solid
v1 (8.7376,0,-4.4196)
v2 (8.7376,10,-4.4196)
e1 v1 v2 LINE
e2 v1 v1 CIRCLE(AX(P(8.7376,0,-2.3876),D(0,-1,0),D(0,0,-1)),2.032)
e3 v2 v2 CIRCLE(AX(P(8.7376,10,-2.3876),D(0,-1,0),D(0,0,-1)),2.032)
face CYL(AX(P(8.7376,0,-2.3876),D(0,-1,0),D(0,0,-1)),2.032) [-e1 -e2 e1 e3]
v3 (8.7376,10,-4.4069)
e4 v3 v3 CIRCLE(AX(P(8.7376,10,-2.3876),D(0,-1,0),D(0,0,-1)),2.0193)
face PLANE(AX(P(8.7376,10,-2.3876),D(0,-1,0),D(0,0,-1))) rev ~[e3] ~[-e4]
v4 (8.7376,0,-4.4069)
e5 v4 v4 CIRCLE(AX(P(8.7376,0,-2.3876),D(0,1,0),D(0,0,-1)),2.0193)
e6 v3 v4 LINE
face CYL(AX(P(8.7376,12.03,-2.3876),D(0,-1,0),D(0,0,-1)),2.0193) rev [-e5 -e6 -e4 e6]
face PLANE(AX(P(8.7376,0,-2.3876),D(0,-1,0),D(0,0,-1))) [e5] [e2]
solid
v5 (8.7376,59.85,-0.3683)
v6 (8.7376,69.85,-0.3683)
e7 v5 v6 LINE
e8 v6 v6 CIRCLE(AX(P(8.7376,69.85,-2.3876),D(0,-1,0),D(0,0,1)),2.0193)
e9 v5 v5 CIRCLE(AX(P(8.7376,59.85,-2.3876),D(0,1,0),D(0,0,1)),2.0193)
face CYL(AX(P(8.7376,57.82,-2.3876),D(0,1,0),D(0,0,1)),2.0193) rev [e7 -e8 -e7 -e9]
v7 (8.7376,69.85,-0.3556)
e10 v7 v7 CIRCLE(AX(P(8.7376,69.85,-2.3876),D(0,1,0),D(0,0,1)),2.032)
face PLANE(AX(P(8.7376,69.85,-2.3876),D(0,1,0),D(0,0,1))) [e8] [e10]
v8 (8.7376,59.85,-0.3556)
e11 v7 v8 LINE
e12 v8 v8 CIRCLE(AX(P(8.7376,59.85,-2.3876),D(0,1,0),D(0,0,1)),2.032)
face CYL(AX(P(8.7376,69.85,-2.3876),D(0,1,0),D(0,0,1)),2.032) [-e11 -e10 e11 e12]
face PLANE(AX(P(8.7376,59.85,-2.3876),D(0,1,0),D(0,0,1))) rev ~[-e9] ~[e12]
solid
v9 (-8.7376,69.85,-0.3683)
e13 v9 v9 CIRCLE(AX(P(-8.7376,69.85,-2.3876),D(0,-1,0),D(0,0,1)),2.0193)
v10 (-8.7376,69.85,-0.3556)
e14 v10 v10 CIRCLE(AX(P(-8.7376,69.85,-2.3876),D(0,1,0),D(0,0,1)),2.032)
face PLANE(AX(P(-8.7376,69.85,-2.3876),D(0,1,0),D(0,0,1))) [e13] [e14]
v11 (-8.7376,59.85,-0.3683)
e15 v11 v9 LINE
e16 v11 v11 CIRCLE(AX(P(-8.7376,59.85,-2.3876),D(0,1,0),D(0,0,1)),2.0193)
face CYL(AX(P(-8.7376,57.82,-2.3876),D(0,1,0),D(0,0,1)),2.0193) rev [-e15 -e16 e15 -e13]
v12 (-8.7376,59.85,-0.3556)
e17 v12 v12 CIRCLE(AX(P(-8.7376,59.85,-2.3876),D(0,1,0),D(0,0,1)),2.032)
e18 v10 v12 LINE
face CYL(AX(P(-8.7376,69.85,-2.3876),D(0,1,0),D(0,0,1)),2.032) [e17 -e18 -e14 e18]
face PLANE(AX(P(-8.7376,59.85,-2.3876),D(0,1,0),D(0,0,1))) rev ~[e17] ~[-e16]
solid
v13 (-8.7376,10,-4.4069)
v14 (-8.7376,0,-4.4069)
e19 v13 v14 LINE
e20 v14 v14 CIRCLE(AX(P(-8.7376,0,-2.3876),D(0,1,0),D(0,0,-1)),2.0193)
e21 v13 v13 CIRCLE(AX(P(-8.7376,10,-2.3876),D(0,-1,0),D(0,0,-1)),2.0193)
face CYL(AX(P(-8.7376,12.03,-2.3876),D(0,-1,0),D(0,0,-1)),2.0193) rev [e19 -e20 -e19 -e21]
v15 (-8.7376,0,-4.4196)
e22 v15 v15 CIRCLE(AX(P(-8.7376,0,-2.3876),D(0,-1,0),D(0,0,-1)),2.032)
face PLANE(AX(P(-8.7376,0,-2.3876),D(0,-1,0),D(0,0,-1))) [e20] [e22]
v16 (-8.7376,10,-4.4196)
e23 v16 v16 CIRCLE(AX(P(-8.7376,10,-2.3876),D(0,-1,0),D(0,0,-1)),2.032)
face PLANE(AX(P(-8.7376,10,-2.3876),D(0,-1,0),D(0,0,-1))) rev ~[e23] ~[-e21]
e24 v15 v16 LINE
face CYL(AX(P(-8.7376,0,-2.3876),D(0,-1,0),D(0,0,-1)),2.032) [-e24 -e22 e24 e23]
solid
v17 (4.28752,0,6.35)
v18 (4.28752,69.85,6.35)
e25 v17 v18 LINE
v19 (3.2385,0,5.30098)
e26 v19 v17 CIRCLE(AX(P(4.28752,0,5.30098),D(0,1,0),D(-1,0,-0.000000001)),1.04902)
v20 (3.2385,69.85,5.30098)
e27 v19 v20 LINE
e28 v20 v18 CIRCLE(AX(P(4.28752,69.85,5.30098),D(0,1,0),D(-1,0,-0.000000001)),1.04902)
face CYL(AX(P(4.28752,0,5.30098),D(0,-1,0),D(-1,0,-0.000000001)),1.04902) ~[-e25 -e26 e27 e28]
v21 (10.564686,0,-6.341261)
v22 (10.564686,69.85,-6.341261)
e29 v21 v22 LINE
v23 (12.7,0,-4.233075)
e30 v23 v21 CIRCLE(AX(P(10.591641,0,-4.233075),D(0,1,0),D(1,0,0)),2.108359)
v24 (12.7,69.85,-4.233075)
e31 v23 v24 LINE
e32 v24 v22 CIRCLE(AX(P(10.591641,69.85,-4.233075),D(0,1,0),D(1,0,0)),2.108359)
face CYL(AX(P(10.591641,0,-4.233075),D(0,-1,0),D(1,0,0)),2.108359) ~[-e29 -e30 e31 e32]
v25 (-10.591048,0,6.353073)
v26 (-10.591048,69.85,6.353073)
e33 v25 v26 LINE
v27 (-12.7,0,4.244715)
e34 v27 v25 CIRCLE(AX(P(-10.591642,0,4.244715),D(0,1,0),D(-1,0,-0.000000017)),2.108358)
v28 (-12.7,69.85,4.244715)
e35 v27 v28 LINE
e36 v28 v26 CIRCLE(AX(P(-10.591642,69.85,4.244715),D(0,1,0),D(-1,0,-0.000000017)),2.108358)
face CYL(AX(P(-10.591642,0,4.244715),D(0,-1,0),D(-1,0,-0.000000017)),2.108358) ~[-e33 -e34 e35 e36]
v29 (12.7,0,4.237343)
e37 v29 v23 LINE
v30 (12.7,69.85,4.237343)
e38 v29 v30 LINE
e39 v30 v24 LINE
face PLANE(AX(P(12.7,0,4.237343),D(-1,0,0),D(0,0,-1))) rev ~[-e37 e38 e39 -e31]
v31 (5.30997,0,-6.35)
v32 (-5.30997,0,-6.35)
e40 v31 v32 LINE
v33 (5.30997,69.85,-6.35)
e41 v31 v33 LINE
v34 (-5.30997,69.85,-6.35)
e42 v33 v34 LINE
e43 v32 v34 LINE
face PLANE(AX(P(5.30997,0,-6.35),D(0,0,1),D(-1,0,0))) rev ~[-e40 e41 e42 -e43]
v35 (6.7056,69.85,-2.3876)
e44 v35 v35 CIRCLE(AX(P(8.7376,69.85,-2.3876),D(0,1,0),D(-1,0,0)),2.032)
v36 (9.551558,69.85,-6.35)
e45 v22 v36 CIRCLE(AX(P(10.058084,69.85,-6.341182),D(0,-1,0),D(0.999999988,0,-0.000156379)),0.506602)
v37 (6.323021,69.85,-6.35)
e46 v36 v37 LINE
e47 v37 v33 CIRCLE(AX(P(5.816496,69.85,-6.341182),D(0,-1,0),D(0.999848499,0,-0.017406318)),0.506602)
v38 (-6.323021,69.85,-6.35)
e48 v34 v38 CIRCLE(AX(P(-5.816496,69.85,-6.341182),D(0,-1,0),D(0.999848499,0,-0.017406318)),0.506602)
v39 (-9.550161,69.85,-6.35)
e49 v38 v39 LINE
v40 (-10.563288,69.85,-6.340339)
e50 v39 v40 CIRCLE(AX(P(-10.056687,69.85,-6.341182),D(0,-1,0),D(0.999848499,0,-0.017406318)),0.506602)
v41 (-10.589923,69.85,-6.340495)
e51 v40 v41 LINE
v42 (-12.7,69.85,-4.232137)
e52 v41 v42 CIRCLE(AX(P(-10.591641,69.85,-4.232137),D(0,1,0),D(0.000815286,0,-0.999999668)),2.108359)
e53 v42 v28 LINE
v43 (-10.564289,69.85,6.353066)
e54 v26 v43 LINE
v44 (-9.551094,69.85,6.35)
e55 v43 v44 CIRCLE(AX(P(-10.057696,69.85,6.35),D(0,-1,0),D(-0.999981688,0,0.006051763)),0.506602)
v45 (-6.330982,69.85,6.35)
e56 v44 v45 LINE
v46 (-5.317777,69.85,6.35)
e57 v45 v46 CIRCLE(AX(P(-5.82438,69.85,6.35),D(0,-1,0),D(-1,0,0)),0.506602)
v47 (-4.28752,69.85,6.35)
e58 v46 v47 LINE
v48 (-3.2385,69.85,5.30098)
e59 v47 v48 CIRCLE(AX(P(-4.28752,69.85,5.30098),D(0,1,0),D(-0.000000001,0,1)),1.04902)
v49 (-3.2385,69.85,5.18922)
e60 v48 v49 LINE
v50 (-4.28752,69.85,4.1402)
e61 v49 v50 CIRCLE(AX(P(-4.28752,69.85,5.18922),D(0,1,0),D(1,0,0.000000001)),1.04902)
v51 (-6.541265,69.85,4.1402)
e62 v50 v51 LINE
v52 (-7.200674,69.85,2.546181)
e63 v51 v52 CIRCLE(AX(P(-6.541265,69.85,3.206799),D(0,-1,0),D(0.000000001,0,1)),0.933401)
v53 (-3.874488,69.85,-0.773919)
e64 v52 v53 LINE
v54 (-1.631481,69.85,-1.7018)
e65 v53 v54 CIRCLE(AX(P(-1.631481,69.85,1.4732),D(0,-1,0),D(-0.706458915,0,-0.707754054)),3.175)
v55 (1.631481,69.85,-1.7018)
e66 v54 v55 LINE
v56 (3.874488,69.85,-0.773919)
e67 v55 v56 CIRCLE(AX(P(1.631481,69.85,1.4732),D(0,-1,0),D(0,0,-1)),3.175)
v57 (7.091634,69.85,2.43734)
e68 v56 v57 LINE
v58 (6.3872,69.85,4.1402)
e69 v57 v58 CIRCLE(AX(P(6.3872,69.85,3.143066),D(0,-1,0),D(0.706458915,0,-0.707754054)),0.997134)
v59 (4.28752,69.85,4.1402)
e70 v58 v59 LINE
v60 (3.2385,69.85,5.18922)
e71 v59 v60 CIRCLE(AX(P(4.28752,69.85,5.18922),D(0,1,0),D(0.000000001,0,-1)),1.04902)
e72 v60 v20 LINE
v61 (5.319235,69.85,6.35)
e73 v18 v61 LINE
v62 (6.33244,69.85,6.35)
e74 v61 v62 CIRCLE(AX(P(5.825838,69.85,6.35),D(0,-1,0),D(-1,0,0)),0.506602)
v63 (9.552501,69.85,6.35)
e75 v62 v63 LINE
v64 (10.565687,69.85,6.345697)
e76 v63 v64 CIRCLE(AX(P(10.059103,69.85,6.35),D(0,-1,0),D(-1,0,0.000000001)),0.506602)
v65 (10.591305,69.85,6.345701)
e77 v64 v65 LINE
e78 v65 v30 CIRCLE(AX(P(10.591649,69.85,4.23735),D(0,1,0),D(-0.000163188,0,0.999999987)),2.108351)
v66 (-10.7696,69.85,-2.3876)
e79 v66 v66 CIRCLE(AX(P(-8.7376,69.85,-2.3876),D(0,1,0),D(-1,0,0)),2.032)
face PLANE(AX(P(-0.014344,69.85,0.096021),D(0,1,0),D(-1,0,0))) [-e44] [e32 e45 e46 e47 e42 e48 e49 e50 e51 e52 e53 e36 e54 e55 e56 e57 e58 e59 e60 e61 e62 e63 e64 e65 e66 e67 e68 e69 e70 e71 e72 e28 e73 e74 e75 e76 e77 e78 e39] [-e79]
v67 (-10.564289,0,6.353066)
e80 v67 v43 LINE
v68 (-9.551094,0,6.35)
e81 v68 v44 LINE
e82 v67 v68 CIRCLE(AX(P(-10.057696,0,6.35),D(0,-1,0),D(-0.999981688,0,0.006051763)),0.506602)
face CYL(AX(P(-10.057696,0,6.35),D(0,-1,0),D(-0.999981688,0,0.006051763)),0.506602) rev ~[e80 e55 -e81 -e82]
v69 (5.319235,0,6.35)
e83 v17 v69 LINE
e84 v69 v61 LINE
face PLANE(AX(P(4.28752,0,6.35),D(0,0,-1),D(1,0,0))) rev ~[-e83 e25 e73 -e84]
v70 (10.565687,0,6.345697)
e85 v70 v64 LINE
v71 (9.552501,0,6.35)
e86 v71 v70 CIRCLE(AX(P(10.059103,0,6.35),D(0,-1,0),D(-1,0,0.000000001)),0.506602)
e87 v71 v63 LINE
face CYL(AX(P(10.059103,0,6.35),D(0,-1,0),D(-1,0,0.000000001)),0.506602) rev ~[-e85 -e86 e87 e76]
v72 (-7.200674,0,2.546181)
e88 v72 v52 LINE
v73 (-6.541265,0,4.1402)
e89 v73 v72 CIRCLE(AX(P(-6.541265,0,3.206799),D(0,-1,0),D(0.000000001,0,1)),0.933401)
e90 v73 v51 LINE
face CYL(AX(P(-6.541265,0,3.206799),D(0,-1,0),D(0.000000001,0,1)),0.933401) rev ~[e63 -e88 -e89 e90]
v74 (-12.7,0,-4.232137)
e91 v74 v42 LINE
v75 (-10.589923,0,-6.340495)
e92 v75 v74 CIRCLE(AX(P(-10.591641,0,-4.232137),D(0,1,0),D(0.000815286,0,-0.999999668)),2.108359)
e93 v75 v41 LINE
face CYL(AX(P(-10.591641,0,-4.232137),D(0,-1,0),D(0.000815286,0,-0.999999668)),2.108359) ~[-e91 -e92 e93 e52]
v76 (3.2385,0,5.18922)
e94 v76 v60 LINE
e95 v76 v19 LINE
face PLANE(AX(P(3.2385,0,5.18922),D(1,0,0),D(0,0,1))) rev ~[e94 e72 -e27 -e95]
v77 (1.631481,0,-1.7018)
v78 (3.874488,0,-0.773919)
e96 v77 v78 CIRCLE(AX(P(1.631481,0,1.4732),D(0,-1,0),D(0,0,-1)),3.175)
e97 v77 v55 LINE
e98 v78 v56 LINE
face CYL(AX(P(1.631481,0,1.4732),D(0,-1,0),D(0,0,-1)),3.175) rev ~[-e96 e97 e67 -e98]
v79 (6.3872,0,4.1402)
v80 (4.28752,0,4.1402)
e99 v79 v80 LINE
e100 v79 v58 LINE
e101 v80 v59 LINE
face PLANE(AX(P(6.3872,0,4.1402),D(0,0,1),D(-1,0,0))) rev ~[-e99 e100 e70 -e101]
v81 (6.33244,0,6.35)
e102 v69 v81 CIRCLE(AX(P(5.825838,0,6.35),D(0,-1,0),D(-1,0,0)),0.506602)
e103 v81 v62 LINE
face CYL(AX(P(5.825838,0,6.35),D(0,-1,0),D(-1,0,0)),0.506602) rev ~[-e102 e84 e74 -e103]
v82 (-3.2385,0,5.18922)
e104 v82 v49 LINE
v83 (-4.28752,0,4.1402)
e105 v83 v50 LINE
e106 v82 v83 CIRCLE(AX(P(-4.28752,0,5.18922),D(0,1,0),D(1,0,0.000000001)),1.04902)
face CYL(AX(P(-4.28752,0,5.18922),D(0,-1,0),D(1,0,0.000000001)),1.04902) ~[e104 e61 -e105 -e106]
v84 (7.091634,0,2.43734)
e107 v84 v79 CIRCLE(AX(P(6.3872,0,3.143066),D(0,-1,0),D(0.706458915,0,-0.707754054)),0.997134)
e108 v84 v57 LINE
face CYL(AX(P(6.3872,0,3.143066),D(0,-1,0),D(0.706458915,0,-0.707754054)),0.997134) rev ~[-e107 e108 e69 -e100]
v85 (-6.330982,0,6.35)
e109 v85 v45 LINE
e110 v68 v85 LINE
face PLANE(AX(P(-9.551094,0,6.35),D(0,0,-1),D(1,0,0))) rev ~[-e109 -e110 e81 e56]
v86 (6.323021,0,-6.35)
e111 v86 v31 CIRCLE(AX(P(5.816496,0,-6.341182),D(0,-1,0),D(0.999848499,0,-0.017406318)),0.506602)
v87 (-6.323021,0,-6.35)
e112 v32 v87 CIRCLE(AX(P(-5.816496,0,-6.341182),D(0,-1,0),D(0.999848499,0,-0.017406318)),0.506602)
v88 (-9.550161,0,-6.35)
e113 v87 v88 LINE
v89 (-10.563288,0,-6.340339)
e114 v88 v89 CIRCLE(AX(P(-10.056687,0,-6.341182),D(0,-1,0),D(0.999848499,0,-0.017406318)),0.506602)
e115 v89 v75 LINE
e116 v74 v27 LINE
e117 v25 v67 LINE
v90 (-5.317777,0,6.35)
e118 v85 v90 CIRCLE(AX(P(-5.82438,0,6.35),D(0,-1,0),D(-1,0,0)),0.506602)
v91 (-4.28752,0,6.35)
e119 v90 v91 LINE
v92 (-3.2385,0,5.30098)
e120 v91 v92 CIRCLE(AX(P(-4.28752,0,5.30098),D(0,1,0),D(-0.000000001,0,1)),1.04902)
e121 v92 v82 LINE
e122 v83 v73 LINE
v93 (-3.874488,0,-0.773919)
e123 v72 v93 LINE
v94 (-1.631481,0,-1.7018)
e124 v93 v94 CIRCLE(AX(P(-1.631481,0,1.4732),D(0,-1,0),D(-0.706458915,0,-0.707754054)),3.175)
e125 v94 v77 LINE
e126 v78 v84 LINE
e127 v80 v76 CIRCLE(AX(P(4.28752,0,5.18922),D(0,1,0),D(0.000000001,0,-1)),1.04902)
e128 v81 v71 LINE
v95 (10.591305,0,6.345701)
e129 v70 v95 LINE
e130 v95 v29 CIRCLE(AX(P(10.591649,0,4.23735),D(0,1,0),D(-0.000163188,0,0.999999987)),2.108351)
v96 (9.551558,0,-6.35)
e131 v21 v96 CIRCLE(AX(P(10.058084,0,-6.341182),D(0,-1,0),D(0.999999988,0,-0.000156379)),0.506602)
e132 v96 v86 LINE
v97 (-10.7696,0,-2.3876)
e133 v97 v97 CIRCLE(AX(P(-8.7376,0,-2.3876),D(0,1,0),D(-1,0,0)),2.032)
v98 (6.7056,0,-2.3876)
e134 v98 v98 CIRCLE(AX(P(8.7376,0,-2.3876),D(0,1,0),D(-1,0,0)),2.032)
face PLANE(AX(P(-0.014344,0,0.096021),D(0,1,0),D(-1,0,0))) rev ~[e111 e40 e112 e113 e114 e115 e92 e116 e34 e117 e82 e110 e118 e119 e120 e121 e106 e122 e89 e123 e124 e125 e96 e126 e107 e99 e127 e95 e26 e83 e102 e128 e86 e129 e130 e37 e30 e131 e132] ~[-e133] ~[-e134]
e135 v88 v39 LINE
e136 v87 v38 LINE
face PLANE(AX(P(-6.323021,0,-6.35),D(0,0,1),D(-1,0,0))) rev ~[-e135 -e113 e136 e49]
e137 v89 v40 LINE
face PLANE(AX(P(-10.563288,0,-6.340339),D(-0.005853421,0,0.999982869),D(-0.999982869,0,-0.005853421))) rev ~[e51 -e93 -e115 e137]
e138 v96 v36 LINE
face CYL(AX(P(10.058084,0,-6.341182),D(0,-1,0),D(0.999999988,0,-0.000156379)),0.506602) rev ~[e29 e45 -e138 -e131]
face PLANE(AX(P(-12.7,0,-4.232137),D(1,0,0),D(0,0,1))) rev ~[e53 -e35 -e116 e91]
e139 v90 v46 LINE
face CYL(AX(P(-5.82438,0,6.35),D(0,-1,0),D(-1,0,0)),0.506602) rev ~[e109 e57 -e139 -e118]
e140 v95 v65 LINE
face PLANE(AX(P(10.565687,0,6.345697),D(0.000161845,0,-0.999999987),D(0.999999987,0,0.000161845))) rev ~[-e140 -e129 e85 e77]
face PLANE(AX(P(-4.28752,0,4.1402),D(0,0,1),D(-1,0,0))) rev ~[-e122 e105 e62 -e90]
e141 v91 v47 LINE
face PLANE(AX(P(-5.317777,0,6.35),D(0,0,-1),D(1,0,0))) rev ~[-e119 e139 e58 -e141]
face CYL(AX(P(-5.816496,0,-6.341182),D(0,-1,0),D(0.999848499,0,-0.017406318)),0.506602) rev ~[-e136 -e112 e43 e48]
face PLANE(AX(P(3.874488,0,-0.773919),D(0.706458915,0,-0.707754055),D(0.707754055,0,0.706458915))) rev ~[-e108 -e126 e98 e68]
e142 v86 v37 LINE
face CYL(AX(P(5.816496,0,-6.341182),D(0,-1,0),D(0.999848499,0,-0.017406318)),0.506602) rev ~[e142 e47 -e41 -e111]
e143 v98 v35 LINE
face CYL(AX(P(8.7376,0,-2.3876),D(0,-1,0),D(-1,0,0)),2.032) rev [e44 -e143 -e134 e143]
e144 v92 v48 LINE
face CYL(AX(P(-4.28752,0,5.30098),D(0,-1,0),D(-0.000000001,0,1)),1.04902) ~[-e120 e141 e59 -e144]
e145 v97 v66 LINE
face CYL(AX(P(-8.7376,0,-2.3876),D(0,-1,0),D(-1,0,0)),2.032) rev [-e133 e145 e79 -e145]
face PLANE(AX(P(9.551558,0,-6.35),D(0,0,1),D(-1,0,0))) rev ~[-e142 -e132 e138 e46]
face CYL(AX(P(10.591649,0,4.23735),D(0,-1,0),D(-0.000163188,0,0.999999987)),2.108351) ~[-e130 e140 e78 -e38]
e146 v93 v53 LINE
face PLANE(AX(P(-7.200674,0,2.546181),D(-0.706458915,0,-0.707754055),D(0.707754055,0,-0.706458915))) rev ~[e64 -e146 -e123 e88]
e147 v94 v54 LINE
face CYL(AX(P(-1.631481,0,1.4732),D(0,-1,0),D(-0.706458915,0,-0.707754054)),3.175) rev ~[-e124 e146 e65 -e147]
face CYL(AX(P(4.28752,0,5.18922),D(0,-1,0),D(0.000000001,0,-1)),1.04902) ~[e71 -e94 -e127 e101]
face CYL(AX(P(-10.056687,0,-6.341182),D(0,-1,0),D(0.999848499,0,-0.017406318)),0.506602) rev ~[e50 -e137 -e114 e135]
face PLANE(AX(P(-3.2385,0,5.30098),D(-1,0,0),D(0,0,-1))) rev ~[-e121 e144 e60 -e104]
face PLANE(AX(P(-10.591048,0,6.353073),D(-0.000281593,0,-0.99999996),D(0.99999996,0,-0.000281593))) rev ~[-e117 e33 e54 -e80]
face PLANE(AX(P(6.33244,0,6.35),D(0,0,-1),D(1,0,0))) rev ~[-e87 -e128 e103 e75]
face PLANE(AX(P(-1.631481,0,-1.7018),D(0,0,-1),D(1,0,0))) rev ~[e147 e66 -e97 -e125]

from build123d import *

# Parameters (mm, degrees)
SKETCH11_R                      = 2.032
F_10_1050_PROFILE_1_DEPTH       = 69.85
SKETCH14_R                      = 2.032
SKETCH14_R_2                    = 1.5
BOSS_EXTRUDE1_DEPTH             = 10
BOSS_EXTRUDE1_2_DEPTH           = 10
F_10_32_TAPPED_HOLE3_AT_2_COUNT = 2
F_10_32_TAPPED_HOLE3_AT_2_PITCH = 17.4752
SKETCH17_R                      = 2.032
SKETCH17_R_2                    = 1.25
BOSS_EXTRUDE2_DEPTH             = 10
BOSS_EXTRUDE2_2_DEPTH           = 10
F_10_32_TAPPED_HOLE4_AT_2_COUNT = 2
F_10_32_TAPPED_HOLE4_AT_2_PITCH = 17.4752


with BuildPart() as part:
    # Sketch11 → 10 1050 PROFILE(1) (new body)
    with BuildSketch(Plane(origin=(0, 0, 0), x_dir=(-1, 0, 0), z_dir=(0, 1, 0))):
        with BuildLine():
            Line((9.551093887, 6.35), (6.330982008, 6.35))
            ThreePointArc((6.330982008, 6.35), (5.824379679, 5.843397671), (5.31777735, 6.35))
            Line((5.31777735, 6.35), (4.28752, 6.35))
            ThreePointArc((4.28752, 6.35), (3.545750844, 6.042749156), (3.2385, 5.30098))
            Line((3.2385, 5.30098), (3.2385, 5.18922))
            ThreePointArc((3.2385, 5.18922), (3.545750844, 4.447450844), (4.28752, 4.1402))
            Line((4.28752, 4.1402), (6.541264932, 4.1402))
            ThreePointArc((6.541264932, 4.1402), (7.403778411, 3.563601238), (7.200674335, 2.54618079))
            Line((7.200674335, 2.54618079), (3.874487735, -0.773919123))
            ThreePointArc((3.874487735, -0.773919123), (2.845157282, -1.460673567), (1.631480681, -1.7018))
            Line((1.631480681, -1.7018), (-1.631480681, -1.7018))
            ThreePointArc((-1.631480681, -1.7018), (-2.845157282, -1.460673567), (-3.874487735, -0.773919123))
            Line((-3.874487735, -0.773919123), (-7.091634343, 2.437340333))
            ThreePointArc((-7.091634343, 2.437340333), (-7.30860647, 3.524230776), (-6.387200124, 4.1402))
            Line((-6.387200124, 4.1402), (-4.28752, 4.1402))
            ThreePointArc((-4.28752, 4.1402), (-3.545750844, 4.447450844), (-3.2385, 5.18922))
            Line((-3.2385, 5.18922), (-3.2385, 5.30098))
            ThreePointArc((-3.2385, 5.30098), (-3.545750844, 6.042749156), (-4.28752, 6.35))
            Line((-4.28752, 6.35), (-5.319235427, 6.35))
            ThreePointArc((-5.319235427, 6.35), (-5.825837756, 5.843397671), (-6.332440085, 6.35))
            Line((-6.332440085, 6.35), (-9.552501021, 6.35))
            ThreePointArc((-9.552501021, 6.35), (-10.056951984, 5.843402239), (-10.565687406, 6.345697309))
            Line((-10.565687406, 6.345697309), (-10.591304516, 6.345701455))
            ThreePointArc((-10.591304516, 6.345701455), (-12.082359481, 5.728298321), (-12.7, 4.237343309))
            Line((-12.7, 4.237343309), (-12.7, -4.233074923))
            ThreePointArc((-12.7, -4.233074923), (-12.072915167, -5.733409532), (-10.564685825, -6.341261141))
            ThreePointArc((-10.564685825, -6.341261141), (-10.053713904, -5.834598435), (-9.551557924, -6.35))
            Line((-9.551557924, -6.35), (-6.323021107, -6.35))
            ThreePointArc((-6.323021107, -6.35), (-5.816495529, -5.83457959), (-5.309969951, -6.35))
            Line((-5.309969951, -6.35), (5.309969951, -6.35))
            ThreePointArc((5.309969951, -6.35), (5.816495529, -5.83457959), (6.323021107, -6.35))
            Line((6.323021107, -6.35), (9.550160942, -6.35))
            ThreePointArc((9.550160942, -6.35), (10.051855758, -5.834602622), (10.563288148, -6.340338775))
            Line((10.563288148, -6.340338775), (10.589922543, -6.34049468))
            ThreePointArc((10.589922543, -6.34049468), (12.081868228, -5.723579066), (12.7, -4.23213684))
            Line((12.7, -4.23213684), (12.7, 4.244714967))
            ThreePointArc((12.7, 4.244714967), (12.082266163, 5.735759476), (10.591047766, 6.353073372))
            Line((10.591047766, 6.353073372), (10.564289268, 6.353065837))
            ThreePointArc((10.564289268, 6.353065837), (10.059229141, 5.84339999), (9.551093887, 6.35))
        make_face()
        with Locations((-8.7376, -2.3876)):
            Circle(SKETCH11_R, mode=Mode.SUBTRACT)
        with Locations((8.7376, -2.3876)):
            Circle(SKETCH11_R, mode=Mode.SUBTRACT)
    extrude(amount=F_10_1050_PROFILE_1_DEPTH)


with BuildPart() as body_2:
    # Sketch14 → Boss-Extrude1 (new body)
    with BuildSketch(Plane(origin=(0, 69.85, 0), x_dir=(1, 0, 0), z_dir=(0, 1, 0))):
        with Locations(Location((8.7376, 2.3876, 0), (0, 0, 270))):
            Circle(SKETCH14_R)
        with Locations(Location((8.7376, 2.3876, 0), (0, 0, 270))):
            Circle(SKETCH14_R_2, mode=Mode.SUBTRACT)
    extrude(amount=-BOSS_EXTRUDE1_DEPTH)


with BuildPart() as body_3:
    # Sketch14 → Boss-Extrude1 2 (new body)
    with BuildSketch(Plane(origin=(0, 69.85, 0), x_dir=(1, 0, 0), z_dir=(0, 1, 0))):
        with Locations(Location((-8.7376, 2.3876, 0), (0, 0, 270))):
            Circle(SKETCH14_R)
        with Locations(Location((-8.7376, 2.3876, 0), (0, 0, 270))):
            Circle(SKETCH14_R_2, mode=Mode.SUBTRACT)
    extrude(amount=-BOSS_EXTRUDE1_2_DEPTH)

    # Sketch16 → #10-32 Tapped Hole3 (revolve, cut)
    with BuildSketch(Plane(origin=(-8.7376, 69.85, -2.3876), x_dir=(0, 0, 1), z_dir=(1, 0, 0))):
        Polygon((0, 0), (0, 13.243317848), (2.0193, 12.03), (2.0193, 0), align=None)
    f_10_32_tapped_hole3 = revolve(axis=Axis((-8.7376, 76.2, -2.3876), (0, -1, 0)), mode=Mode.SUBTRACT)


with BuildPart() as body_2_1:
    add(body_2.part)

    # #10-32 Tapped Hole3 at 2: #10-32 Tapped Hole3 ×2
    with Locations(*[(i * F_10_32_TAPPED_HOLE3_AT_2_PITCH, 0, 0) for i in range(1, F_10_32_TAPPED_HOLE3_AT_2_COUNT)]):
        add(f_10_32_tapped_hole3, mode=Mode.SUBTRACT)


with BuildPart() as body_4:
    # Sketch17 → Boss-Extrude2 (new body)
    with BuildSketch(Plane.XZ):
        with Locations(Location((-8.7376, -2.3876, 0), (0, 0, 270))):
            Circle(SKETCH17_R)
        with Locations(Location((-8.7376, -2.3876, 0), (0, 0, 270))):
            Circle(SKETCH17_R_2, mode=Mode.SUBTRACT)
    extrude(amount=-BOSS_EXTRUDE2_DEPTH)

    # Sketch19 → #10-32 Tapped Hole4 (revolve, cut)
    with BuildSketch(Plane(origin=(-8.7376, 0, -2.3876), x_dir=(0, 0, -1), z_dir=(1, 0, 0))):
        Polygon((0, 0), (0, 13.243317848), (2.0193, 12.03), (2.0193, 0), align=None)
    f_10_32_tapped_hole4 = revolve(axis=Axis((-8.7376, -6.35, -2.3876), (0, 1, 0)), mode=Mode.SUBTRACT)


with BuildPart() as body_5:
    # Sketch17 → Boss-Extrude2 2 (new body)
    with BuildSketch(Plane.XZ):
        with Locations(Location((8.7376, -2.3876, 0), (0, 0, 270))):
            Circle(SKETCH17_R)
        with Locations(Location((8.7376, -2.3876, 0), (0, 0, 270))):
            Circle(SKETCH17_R_2, mode=Mode.SUBTRACT)
    extrude(amount=-BOSS_EXTRUDE2_2_DEPTH)

    # #10-32 Tapped Hole4 at 2: #10-32 Tapped Hole4 ×2
    with Locations(*[(i * F_10_32_TAPPED_HOLE4_AT_2_PITCH, 0, 0) for i in range(1, F_10_32_TAPPED_HOLE4_AT_2_COUNT)]):
        add(f_10_32_tapped_hole4, mode=Mode.SUBTRACT)


solid = Compound([part.part, body_3.part, body_2_1.part, body_4.part, body_5.part])
